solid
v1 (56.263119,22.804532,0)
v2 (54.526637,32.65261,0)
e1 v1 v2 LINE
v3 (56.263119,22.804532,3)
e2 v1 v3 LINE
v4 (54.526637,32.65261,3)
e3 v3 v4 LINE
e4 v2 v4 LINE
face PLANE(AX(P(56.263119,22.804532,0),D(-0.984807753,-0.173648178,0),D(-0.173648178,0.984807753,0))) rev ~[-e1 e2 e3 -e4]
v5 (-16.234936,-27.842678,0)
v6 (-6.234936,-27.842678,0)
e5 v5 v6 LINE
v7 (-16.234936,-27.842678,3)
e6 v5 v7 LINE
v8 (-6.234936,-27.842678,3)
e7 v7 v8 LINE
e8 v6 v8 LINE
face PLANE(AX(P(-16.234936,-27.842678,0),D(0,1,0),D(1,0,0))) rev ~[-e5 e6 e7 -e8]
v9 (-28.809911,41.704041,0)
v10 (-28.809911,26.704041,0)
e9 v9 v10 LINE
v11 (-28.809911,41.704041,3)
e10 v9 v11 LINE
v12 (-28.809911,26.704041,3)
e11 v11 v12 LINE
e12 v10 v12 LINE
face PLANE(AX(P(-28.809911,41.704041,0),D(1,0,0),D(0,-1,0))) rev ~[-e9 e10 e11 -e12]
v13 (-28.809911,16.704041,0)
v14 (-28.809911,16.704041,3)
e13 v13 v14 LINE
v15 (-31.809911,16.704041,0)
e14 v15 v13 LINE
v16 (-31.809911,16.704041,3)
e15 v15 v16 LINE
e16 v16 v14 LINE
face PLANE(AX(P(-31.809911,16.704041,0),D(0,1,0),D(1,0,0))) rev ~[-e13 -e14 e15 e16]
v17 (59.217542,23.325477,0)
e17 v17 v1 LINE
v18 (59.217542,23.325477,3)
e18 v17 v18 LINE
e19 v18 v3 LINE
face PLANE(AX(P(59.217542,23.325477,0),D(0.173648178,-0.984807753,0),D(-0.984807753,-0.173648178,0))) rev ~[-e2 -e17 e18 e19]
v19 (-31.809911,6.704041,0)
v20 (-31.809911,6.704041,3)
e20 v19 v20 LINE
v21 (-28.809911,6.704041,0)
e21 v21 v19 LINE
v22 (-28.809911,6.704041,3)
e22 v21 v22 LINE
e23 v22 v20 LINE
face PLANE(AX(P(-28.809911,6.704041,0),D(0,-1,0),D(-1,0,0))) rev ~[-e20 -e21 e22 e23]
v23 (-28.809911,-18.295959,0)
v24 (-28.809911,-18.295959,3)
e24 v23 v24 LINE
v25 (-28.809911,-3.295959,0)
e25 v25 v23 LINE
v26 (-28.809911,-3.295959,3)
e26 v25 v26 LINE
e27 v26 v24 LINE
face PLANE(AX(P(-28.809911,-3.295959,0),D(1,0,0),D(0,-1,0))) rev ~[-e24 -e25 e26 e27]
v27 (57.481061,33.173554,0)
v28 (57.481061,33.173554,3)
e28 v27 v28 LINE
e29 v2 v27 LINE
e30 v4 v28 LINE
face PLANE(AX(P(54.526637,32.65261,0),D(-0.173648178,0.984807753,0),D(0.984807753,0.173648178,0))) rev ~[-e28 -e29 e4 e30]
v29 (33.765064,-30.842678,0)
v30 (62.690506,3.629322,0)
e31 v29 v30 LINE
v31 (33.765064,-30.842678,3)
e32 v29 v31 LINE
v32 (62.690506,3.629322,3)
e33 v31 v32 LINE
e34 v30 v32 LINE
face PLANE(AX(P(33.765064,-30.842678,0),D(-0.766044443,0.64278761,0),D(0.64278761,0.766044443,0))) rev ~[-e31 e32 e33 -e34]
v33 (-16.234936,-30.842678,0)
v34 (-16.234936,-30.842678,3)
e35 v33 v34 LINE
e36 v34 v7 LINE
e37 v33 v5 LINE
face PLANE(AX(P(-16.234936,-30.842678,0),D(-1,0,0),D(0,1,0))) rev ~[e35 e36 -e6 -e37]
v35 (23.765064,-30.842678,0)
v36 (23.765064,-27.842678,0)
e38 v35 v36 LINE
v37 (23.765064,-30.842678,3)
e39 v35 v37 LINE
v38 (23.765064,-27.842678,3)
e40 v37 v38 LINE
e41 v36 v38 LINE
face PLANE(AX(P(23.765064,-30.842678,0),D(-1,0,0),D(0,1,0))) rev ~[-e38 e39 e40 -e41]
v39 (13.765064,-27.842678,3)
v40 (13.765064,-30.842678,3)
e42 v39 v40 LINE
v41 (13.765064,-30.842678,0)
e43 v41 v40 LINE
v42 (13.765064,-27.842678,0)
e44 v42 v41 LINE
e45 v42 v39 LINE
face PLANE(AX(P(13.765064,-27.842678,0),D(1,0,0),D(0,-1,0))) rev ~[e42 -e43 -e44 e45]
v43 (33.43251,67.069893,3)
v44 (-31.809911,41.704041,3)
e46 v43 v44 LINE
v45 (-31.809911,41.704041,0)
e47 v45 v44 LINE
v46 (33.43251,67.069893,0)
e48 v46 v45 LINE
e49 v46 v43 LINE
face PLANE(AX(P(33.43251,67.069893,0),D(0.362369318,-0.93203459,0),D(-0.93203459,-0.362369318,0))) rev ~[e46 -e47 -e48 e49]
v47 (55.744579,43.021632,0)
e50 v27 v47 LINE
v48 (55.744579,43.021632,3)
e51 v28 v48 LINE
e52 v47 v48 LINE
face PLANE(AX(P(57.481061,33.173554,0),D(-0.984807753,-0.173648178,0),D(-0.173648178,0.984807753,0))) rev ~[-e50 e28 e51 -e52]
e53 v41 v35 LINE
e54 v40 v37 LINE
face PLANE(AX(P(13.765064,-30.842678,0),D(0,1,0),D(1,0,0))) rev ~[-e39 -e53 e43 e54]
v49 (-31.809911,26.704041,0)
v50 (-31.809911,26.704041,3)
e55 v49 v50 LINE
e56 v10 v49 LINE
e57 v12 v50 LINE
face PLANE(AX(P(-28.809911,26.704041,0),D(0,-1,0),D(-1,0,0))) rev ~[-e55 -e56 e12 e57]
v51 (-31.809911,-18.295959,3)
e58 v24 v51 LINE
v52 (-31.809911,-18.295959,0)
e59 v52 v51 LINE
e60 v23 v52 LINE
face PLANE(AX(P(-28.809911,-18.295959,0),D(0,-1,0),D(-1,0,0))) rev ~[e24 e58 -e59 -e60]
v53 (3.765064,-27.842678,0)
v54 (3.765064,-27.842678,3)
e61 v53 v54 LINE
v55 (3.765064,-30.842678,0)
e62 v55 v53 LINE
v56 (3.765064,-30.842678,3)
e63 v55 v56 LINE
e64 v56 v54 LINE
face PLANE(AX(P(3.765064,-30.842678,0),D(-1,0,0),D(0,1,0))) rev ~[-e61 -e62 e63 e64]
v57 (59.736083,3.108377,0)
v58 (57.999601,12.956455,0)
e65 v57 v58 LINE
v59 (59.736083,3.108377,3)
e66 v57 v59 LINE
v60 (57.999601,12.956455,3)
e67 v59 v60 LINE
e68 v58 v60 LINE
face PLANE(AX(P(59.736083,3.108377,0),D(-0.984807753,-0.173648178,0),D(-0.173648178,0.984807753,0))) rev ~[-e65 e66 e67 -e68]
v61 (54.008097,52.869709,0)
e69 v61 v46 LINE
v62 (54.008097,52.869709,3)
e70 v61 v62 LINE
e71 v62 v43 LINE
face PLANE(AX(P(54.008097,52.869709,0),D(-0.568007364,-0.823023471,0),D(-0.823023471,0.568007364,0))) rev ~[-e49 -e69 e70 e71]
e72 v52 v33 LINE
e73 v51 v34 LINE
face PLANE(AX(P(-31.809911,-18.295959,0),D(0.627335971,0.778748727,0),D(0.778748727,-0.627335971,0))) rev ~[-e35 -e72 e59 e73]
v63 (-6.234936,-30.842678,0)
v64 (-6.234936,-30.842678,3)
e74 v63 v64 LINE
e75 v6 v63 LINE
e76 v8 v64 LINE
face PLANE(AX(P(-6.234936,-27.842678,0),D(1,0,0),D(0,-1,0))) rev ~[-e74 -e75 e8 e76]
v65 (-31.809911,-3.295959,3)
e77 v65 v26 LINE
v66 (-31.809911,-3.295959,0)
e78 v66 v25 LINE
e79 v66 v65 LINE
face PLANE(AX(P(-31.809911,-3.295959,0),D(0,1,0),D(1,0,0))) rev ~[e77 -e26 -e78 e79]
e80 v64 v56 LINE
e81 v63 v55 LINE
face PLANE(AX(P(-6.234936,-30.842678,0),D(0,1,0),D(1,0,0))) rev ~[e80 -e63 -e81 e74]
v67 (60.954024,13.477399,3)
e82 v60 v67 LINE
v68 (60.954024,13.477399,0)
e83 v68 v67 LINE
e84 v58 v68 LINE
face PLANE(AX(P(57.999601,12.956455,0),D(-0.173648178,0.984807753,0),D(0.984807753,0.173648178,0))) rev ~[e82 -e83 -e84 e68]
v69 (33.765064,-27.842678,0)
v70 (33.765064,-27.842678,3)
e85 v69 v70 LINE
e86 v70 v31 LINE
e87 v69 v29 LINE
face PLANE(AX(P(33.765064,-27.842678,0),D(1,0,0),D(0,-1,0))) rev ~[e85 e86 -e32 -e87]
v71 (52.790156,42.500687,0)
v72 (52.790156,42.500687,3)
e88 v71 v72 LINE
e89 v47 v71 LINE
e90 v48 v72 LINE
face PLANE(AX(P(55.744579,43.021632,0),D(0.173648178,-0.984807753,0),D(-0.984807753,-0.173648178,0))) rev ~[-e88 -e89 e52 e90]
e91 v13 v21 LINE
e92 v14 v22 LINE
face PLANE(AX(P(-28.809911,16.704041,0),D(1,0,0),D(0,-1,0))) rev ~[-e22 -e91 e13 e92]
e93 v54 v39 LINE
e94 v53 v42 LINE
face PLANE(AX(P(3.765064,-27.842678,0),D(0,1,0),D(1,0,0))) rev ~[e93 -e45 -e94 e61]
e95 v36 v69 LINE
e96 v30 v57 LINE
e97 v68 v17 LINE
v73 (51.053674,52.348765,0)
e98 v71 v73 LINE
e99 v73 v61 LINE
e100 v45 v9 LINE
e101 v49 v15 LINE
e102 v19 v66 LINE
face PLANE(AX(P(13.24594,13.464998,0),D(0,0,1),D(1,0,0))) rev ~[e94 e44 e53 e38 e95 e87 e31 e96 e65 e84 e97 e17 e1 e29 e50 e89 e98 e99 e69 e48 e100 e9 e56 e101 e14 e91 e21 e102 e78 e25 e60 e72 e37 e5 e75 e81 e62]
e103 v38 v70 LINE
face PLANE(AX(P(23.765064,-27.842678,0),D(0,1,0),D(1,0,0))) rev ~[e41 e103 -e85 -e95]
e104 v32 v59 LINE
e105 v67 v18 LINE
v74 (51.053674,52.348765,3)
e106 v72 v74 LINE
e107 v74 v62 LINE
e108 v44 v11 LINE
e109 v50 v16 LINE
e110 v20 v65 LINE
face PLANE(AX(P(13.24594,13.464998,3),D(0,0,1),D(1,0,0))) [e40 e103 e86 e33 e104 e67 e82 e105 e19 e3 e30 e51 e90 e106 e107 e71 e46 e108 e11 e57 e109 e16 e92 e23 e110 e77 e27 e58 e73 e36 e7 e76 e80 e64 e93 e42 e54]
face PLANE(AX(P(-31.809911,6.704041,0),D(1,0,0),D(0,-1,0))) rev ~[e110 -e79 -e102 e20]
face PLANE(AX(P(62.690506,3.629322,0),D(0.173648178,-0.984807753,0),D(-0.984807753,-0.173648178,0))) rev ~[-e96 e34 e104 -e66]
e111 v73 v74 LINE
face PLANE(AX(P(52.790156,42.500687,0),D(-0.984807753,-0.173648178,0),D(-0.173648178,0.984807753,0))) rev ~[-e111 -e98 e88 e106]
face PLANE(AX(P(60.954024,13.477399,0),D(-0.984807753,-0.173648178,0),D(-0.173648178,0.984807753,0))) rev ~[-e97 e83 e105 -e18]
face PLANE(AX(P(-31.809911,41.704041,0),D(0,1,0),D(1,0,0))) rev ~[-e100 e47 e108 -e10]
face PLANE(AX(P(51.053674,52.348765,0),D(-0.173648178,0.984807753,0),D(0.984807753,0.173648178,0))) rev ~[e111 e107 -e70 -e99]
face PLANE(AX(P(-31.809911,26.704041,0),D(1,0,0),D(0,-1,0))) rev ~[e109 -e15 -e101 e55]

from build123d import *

# Parameters (mm, degrees)
BOSS_EXTRUDE2_DEPTH = 3


with BuildPart() as part:
    # Sketch1 → Boss-Extrude2 (new body)
    with BuildSketch(Plane.XY):
        Polygon((-28.809910954, -18.295958876), (-31.809910954, -18.295958876), (-16.234936413, -30.842678291), (-16.234936413, -27.842678291), (-6.234936413, -27.842678291), (-6.234936413, -30.842678291), (3.765063587, -30.842678291), (3.765063587, -27.842678291), (13.765063587, -27.842678291), (13.765063587, -30.842678291), (23.765063587, -30.842678291), (23.765063587, -27.842678291), (33.765063587, -27.842678291), (33.765063587, -30.842678291), (62.690506023, 3.62932165), (59.736082763, 3.108377117), (57.999600987, 12.956454647), (60.954024246, 13.47739918), (59.217542469, 23.32547671), (56.26311921, 22.804532177), (54.526637433, 32.652609707), (57.481060693, 33.17355424), (55.744578916, 43.02163177), (52.790155657, 42.500687237), (51.05367388, 52.348764767), (54.008097139, 52.8697093), (33.432510355, 67.069893401), (-31.809910954, 41.704041124), (-28.809910954, 41.704041124), (-28.809910954, 26.704041124), (-31.809910954, 26.704041124), (-31.809910954, 16.704041124), (-28.809910954, 16.704041124), (-28.809910954, 6.704041124), (-31.809910954, 6.704041124), (-31.809910954, -3.295958876), (-28.809910954, -3.295958876), align=None)
    extrude(amount=BOSS_EXTRUDE2_DEPTH)


solid = part.part
